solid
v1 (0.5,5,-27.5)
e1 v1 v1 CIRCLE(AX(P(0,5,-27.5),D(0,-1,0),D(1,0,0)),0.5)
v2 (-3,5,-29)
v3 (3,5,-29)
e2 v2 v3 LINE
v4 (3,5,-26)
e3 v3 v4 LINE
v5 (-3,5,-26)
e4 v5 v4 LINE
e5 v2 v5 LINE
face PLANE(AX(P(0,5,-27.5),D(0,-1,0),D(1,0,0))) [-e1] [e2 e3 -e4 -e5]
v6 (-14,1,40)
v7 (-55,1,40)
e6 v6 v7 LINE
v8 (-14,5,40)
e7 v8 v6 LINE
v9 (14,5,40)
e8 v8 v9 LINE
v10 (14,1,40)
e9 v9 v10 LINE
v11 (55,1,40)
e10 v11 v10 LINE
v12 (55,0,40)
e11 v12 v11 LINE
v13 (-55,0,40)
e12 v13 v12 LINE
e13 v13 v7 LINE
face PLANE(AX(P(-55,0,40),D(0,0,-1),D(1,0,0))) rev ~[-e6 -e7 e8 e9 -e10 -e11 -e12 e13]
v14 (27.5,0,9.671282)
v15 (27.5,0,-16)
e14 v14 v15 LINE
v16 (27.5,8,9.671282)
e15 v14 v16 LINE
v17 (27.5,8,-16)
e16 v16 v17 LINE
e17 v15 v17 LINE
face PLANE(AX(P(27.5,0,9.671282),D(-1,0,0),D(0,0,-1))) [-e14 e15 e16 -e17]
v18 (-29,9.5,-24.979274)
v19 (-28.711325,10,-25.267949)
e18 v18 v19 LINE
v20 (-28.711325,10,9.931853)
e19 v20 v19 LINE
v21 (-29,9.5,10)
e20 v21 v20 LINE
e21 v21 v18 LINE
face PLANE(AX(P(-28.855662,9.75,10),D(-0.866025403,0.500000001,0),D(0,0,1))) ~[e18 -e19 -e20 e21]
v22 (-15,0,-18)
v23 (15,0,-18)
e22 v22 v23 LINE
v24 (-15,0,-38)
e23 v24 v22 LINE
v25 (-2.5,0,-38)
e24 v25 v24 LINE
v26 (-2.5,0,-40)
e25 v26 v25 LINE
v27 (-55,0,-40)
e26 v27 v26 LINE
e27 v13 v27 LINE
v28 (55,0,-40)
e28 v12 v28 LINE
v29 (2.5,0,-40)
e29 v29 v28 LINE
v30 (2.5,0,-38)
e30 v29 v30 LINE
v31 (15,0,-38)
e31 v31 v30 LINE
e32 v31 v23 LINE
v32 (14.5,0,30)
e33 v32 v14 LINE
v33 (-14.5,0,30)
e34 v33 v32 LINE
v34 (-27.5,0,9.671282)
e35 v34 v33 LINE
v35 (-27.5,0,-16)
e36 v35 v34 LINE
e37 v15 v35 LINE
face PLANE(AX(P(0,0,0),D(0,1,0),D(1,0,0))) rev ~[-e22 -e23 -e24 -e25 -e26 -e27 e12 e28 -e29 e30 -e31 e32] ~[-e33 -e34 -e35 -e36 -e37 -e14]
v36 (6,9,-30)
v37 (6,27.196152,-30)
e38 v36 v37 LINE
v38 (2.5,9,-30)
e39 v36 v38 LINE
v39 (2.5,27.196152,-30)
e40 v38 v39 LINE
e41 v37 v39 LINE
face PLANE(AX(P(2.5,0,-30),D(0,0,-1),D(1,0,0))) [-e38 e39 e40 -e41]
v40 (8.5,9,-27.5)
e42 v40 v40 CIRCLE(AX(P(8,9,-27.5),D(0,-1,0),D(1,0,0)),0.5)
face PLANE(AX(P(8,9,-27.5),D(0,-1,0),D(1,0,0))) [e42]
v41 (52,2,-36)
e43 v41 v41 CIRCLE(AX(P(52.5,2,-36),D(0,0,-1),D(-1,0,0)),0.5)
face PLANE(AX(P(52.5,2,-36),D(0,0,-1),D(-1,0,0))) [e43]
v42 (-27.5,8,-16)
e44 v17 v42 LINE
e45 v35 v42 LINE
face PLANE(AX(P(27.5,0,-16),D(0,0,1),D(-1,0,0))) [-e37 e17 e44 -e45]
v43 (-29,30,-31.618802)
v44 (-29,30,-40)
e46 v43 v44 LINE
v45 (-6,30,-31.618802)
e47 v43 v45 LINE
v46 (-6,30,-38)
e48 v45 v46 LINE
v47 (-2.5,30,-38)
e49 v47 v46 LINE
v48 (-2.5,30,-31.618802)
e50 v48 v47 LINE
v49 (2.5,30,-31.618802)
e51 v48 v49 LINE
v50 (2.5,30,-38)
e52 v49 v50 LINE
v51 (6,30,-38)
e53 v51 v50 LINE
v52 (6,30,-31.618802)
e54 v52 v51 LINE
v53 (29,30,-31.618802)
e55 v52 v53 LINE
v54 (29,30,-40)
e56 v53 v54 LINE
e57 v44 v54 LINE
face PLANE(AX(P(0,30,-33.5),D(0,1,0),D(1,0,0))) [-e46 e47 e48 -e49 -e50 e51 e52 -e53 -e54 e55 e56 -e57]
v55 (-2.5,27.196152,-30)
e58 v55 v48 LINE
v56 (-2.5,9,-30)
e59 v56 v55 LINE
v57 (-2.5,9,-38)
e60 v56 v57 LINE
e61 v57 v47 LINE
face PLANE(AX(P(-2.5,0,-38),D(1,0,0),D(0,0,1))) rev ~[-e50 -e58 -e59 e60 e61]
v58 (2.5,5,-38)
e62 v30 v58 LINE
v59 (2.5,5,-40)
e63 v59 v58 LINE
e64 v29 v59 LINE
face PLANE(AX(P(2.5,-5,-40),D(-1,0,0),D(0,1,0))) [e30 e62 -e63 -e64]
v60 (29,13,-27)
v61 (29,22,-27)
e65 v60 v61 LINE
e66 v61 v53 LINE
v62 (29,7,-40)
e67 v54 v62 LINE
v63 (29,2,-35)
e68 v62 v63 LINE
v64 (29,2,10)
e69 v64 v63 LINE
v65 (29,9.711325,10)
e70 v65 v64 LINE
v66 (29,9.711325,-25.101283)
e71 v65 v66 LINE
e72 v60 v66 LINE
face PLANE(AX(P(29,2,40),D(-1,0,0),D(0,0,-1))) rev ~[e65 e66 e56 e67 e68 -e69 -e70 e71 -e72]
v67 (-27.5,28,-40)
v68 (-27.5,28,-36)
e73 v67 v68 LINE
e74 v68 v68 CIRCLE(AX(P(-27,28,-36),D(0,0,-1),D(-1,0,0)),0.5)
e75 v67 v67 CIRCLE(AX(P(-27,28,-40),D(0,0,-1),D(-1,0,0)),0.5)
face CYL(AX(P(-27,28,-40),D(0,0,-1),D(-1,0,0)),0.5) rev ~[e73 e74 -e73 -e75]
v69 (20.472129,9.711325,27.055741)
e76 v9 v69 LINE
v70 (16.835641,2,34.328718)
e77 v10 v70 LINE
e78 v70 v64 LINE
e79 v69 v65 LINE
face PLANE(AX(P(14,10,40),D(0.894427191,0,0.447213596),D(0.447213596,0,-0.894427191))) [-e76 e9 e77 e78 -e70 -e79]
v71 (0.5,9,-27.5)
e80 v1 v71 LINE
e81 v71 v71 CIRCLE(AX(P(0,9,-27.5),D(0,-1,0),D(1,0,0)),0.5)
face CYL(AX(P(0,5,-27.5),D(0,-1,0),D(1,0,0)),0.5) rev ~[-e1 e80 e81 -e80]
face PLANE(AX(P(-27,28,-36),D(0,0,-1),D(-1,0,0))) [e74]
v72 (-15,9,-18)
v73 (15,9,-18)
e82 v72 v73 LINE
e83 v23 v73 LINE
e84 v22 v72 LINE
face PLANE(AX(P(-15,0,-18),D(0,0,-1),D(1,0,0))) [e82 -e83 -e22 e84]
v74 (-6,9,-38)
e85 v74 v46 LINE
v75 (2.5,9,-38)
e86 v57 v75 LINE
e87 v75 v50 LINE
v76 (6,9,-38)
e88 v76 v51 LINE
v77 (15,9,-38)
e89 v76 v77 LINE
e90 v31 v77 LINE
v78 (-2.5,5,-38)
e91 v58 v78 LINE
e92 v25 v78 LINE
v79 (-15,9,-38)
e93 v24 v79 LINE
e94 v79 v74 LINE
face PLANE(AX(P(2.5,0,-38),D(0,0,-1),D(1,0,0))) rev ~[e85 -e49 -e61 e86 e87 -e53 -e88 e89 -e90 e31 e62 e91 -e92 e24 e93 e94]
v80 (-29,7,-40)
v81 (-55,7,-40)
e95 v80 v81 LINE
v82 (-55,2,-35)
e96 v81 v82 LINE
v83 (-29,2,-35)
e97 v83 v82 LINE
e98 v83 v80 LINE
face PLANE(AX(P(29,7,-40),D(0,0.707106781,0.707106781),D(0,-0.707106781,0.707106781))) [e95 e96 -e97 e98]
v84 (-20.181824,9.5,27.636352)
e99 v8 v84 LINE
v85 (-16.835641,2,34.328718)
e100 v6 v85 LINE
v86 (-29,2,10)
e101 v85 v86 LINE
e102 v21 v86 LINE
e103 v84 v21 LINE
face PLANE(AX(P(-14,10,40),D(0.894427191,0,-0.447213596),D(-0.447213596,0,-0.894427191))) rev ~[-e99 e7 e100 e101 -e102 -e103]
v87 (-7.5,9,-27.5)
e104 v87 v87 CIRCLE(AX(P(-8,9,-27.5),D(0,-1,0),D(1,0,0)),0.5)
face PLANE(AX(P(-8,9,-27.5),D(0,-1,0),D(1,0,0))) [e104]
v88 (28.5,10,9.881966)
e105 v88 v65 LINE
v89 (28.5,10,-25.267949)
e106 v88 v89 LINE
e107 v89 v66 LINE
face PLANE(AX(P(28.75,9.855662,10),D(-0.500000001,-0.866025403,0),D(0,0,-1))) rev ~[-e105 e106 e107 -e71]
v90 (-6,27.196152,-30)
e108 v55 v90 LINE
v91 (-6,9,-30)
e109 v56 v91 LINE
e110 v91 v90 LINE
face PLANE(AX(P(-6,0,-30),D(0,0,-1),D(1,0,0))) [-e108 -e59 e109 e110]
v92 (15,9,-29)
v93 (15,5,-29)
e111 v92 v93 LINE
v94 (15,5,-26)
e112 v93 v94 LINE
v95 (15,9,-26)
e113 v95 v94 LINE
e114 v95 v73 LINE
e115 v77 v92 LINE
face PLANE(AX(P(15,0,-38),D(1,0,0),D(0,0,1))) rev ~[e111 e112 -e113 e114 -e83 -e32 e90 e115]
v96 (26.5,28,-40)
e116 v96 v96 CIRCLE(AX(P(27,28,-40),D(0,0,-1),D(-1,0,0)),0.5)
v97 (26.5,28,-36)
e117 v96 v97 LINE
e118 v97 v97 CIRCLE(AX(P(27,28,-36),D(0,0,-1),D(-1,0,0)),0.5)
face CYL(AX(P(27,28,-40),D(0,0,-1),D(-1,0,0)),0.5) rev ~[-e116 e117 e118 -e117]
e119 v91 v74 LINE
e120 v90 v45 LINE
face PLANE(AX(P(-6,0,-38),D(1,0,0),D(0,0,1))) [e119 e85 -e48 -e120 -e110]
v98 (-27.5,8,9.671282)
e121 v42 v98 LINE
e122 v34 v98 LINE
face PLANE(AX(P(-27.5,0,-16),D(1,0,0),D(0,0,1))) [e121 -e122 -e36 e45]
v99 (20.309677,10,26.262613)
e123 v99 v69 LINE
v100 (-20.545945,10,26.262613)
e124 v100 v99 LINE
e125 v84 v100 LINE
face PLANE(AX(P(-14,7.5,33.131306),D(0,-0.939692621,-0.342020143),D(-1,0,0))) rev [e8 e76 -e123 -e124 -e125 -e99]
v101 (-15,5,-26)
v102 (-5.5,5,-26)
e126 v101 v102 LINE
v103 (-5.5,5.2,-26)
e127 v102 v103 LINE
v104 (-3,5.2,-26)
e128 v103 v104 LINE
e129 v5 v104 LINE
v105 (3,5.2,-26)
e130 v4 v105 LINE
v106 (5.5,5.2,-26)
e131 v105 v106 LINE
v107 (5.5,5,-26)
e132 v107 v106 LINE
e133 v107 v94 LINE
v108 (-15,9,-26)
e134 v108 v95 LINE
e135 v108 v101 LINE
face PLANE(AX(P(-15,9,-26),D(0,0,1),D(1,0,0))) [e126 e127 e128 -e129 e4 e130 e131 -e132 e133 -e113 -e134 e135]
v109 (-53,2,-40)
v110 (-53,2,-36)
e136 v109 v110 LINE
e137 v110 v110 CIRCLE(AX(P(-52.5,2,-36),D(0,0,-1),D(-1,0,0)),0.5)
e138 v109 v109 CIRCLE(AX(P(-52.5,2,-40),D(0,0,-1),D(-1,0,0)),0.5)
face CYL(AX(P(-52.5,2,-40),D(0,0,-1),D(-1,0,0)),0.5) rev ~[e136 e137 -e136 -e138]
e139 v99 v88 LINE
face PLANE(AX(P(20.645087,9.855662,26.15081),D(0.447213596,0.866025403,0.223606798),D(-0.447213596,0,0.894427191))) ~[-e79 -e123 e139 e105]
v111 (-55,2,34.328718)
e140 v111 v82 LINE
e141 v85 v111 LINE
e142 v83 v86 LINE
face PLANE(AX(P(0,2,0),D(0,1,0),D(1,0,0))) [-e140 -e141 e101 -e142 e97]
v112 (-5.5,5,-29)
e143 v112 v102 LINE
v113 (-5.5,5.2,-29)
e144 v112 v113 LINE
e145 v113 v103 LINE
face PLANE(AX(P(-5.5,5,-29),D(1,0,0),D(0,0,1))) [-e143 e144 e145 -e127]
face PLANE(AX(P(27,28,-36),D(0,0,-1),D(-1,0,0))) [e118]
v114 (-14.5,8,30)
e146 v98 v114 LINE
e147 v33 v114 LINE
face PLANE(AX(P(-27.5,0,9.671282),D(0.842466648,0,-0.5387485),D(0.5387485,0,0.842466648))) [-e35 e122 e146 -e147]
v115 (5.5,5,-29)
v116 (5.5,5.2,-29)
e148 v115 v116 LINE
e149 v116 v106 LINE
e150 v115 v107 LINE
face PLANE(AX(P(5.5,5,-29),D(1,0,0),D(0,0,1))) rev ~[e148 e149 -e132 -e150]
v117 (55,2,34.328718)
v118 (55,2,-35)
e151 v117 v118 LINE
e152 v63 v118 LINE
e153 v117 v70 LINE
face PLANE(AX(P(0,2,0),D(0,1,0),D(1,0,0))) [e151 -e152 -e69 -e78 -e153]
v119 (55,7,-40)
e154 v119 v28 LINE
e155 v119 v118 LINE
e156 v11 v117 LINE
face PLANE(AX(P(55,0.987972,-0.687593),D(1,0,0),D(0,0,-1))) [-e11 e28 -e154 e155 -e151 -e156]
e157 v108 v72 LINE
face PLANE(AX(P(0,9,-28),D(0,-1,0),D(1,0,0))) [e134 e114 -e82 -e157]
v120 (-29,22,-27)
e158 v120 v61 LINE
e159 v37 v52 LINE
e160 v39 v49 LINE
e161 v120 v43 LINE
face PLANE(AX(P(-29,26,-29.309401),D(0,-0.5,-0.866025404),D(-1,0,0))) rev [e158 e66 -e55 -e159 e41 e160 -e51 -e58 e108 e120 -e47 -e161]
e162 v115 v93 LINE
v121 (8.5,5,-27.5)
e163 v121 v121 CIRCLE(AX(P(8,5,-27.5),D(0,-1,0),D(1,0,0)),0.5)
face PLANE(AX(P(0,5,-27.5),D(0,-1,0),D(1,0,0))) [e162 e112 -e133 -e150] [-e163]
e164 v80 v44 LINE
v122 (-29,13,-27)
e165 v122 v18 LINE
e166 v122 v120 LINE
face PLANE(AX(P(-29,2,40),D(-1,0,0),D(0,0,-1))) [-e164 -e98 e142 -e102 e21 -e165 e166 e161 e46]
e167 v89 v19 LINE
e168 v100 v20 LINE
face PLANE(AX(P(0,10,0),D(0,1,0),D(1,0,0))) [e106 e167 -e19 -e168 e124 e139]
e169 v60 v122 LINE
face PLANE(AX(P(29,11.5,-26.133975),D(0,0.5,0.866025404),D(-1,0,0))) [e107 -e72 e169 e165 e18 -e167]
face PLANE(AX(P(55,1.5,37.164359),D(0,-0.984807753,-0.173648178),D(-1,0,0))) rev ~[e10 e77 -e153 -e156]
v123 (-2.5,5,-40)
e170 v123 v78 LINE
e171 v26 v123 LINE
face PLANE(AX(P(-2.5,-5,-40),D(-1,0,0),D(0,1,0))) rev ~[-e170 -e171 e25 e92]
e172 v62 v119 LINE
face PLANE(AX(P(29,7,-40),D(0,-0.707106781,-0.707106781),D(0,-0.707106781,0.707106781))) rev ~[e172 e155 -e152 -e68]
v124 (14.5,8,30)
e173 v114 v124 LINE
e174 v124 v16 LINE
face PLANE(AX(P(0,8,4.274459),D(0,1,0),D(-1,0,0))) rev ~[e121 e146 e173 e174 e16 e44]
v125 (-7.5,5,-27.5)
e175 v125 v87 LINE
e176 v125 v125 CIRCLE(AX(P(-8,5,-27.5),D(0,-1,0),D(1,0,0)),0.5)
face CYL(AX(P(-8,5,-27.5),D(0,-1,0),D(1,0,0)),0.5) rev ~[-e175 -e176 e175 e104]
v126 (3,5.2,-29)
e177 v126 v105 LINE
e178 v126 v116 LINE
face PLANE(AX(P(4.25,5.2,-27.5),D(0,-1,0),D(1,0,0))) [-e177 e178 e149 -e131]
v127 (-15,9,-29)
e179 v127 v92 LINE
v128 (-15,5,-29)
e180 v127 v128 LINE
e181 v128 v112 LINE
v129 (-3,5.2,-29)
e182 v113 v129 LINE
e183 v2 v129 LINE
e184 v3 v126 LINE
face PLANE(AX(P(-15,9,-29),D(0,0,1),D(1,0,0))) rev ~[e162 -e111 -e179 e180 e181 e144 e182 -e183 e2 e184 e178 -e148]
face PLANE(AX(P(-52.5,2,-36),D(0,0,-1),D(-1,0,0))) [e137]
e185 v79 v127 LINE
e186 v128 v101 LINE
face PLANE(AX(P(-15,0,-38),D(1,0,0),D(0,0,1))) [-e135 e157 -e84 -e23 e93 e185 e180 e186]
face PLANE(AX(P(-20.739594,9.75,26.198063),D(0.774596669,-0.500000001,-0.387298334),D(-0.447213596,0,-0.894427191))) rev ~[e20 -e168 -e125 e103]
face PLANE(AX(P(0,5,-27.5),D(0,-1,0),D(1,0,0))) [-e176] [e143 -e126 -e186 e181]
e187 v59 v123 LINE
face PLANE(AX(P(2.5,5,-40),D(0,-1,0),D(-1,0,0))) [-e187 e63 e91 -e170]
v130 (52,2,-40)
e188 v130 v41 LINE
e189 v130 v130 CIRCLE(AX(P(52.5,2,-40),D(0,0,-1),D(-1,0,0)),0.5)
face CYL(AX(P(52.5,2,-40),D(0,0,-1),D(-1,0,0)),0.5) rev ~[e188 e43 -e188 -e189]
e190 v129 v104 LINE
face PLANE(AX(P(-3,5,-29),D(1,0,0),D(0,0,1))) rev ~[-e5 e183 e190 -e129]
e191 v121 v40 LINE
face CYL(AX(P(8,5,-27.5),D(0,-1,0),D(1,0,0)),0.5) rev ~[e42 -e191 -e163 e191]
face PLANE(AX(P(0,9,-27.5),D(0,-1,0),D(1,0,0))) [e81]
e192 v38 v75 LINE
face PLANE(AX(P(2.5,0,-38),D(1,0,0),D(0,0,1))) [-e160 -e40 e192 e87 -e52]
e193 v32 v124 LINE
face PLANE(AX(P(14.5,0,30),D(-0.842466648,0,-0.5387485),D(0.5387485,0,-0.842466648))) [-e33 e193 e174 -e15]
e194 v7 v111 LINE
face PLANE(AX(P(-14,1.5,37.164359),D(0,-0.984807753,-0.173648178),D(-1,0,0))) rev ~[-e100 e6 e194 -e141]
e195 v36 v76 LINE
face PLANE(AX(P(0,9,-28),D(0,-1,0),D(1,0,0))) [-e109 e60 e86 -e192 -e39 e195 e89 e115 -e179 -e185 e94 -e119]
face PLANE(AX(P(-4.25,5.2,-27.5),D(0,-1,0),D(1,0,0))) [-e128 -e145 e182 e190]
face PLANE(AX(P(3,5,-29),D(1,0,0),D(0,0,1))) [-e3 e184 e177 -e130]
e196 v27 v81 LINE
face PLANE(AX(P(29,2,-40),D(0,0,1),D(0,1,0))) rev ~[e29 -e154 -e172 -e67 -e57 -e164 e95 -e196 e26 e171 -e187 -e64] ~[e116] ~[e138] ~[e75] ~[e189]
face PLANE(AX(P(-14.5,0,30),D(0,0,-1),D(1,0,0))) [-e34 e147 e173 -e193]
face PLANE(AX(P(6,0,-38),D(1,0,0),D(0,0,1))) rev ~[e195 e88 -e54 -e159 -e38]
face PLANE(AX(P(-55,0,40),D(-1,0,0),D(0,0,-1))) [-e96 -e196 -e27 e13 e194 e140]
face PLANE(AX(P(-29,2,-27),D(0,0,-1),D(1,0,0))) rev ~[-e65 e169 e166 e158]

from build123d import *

# Parameters (mm, degrees)
SKETCH_1_W                  = 110
SKETCH_1_H                  = 80
EXTRUDE_1_DEPTH             = 2
SKETCH_2_W                  = 58
SKETCH_2_H                  = 80
EXTRUDE_2_DEPTH             = 8
CUT_EXTRUDE_1_DEPTH         = 8
SKETCH_4_W                  = 58
SKETCH_4_H                  = 13
EXTRUDE_3_DEPTH             = 28
CHAMFER_1_SIZE              = 8
CHAMFER_1_SIZE2             = 4.618802154
CHAMFER_2_SIZE              = 5
CHAMFER_2_SIZE2             = 13.737387097
CHAMFER_3_SIZE              = 1
CHAMFER_3_SIZE2             = 5.67128182
EXTRUDE_5_REACH             = 28
EXTRUDE_5_DIRECTION_2_REACH = 86
SKETCH_5_W                  = 3.5
SKETCH_5_H                  = 8
CUT_EXTRUDE_2_DEPTH         = 31
SKETCH_6_W                  = 30
SKETCH_6_H                  = 20
CUT_EXTRUDE_3_DEPTH         = 9
SKETCH_7_W                  = 30
SKETCH_7_H                  = 3
EXTRUDE_4_DEPTH             = 4
SKETCH_8_W                  = 2.5
SKETCH_8_H                  = 3
CUT_EXTRUDE_4_DEPTH         = 0.2
SKETCH_10_R                 = 0.5
CUT_EXTRUDE_5_DEPTH         = 4
SKETCH_11_R                 = 0.5
CUT_EXTRUDE_6_DEPTH         = 4
CHAMFER_4_SIZE              = 3
CHAMFER_4_SIZE2             = 1.732050808
CHAMFER_5_SIZE              = 0.5
CHAMFER_5_SIZE2             = 0.288675135
CHAMFER_5_PART_2_SIZE       = 0.5
CHAMFER_5_PART_2_SIZE2      = 0.288675135
CHAMFER_5_PART_3_SIZE       = 0.5
CHAMFER_5_PART_3_SIZE2      = 0.288675135
CUT_EXTRUDE_7_DEPTH         = 8
SKETCH_14_W                 = 5
SKETCH_14_H                 = 10
CUT_EXTRUDE_8_DEPTH         = 3


with BuildPart() as part:
    # 草图1 → 凸台-拉伸1 (new body)
    with BuildSketch(Plane(origin=(0, 0, 0), x_dir=(1, 0, 0), z_dir=(0, 1, 0))):
        Rectangle(SKETCH_1_W, SKETCH_1_H)
    extrude(amount=EXTRUDE_1_DEPTH)

    # 草图2 → 凸台-拉伸2 (add)
    with BuildSketch(Plane(origin=(0, 2, 0), x_dir=(1, 0, 0), z_dir=(0, 1, 0))):
        Rectangle(SKETCH_2_W, SKETCH_2_H)
    extrude(amount=EXTRUDE_2_DEPTH)

    # 草图3 → 切除-拉伸1 (cut)
    with BuildSketch(Plane(origin=(0, 10, 0), x_dir=(1, 0, 0), z_dir=(0, 1, 0))):
        Polygon((-14, -40), (-29, -10), (-29, -40), align=None)
        Polygon((29, -40), (14, -40), (29, -10), align=None)
    extrude(amount=-CUT_EXTRUDE_1_DEPTH, mode=Mode.SUBTRACT)

    # 草图4 → 凸台-拉伸3 (add)
    with BuildSketch(Plane(origin=(0, 2, 0), x_dir=(1, 0, 0), z_dir=(0, 1, 0))):
        with Locations((0, 33.5)):
            Rectangle(SKETCH_4_W, SKETCH_4_H)
    extrude(amount=EXTRUDE_3_DEPTH)

    # 倒角1
    chamfer_1_edges = [part.edges().sort_by_distance(p)[0] for p in [
        (0, 30, -27),
    ]]
    chamfer_1_side = [part.faces().sort_by_distance(p)[0] for p in [
        (0, 20, -27),
    ]]
    chamfer(chamfer_1_edges, length=CHAMFER_1_SIZE, length2=CHAMFER_1_SIZE2, reference=chamfer_1_side[0])

    # 倒角2
    chamfer_2_edges = [part.edges().sort_by_distance(p)[0] for p in [
        (0, 10, 40),
    ]]
    chamfer_2_side = [part.faces().sort_by_distance(p)[0] for p in [
        (0, 3.522522523, 40),
    ]]
    chamfer(chamfer_2_edges, length=CHAMFER_2_SIZE, length2=CHAMFER_2_SIZE2, reference=chamfer_2_side[0])

    # 倒角3
    chamfer_3_edges = [part.edges().sort_by_distance(p)[0] for p in [
        (34.5, 2, 40),
        (-34.5, 2, 40),
    ]]
    chamfer_3_side = [part.faces().sort_by_distance(p)[0] for p in [
        (0, 1.690789474, 40),
    ]]
    chamfer(chamfer_3_edges, length=CHAMFER_3_SIZE, length2=CHAMFER_3_SIZE2, reference=chamfer_3_side[0])

    # 凸台-拉伸5: up to this face of the body (flat: up to its plane)
    extrude_5_end = Plane(part.part.faces().sort_by_distance((55, 0.987971654, -0.687592684))[0])
    # 草图12 → 凸台-拉伸5 (add, up to the picked face)
    with BuildSketch(Plane(origin=(29, 0, 0), x_dir=(0, 0, -1), z_dir=(1, 0, 0)), mode=Mode.PRIVATE) as extrude_5_sk1:
        Polygon((40, 2), (40, 7), (35, 2), align=None)
    extrude_5_tool1 = split(extrude(extrude_5_sk1.sketch, amount=EXTRUDE_5_REACH, mode=Mode.PRIVATE), bisect_by=extrude_5_end, keep=Keep.BOTH, mode=Mode.PRIVATE)
    add(extrude_5_tool1.solids().sort_by_distance((29, 3.666667, -38.333333))[0])

    # 凸台-拉伸5 direction 2: up to this face of the body (flat: up to its plane)
    extrude_5_direction_2_end = Plane(part.part.faces().sort_by_distance((-55, 0.987971654, -0.687592684))[0])
    # 草图12 → 凸台-拉伸5 direction 2 (add, up to the picked face)
    with BuildSketch(Plane(origin=(29, 0, 0), x_dir=(0, 0, -1), z_dir=(1, 0, 0)), mode=Mode.PRIVATE) as extrude_5_direction_2_sk1:
        Polygon((40, 2), (40, 7), (35, 2), align=None)
    extrude_5_direction_2_tool1 = split(extrude(extrude_5_direction_2_sk1.sketch, amount=-EXTRUDE_5_DIRECTION_2_REACH, mode=Mode.PRIVATE), bisect_by=extrude_5_direction_2_end, keep=Keep.BOTH, mode=Mode.PRIVATE)
    add(extrude_5_direction_2_tool1.solids().sort_by_distance((29, 3.666667, -38.333333))[0])

    # 草图5 → 切除-拉伸2 (cut, through all)
    with BuildSketch(Plane.XZ):
        with Locations((-4.25, -34)):
            Rectangle(SKETCH_5_W, SKETCH_5_H)
        with Locations((4.25, -34)):
            Rectangle(SKETCH_5_W, SKETCH_5_H)
    extrude(amount=-CUT_EXTRUDE_2_DEPTH, mode=Mode.SUBTRACT)

    # 草图6 → 切除-拉伸3 (cut)
    with BuildSketch(Plane.XZ):
        with Locations((0, -28)):
            Rectangle(SKETCH_6_W, SKETCH_6_H)
    extrude(amount=-CUT_EXTRUDE_3_DEPTH, mode=Mode.SUBTRACT)

    # 草图7 → 凸台-拉伸4 (add)
    with BuildSketch(Plane.XZ.offset(-9)):
        with Locations((0, -27.5)):
            Rectangle(SKETCH_7_W, SKETCH_7_H)
    extrude(amount=EXTRUDE_4_DEPTH)

    # 草图8 → 切除-拉伸4 (cut)
    with BuildSketch(Plane.XZ.offset(-5)):
        with Locations((-4.25, -27.5)):
            Rectangle(SKETCH_8_W, SKETCH_8_H)
        with Locations((4.25, -27.5)):
            Rectangle(SKETCH_8_W, SKETCH_8_H)
    extrude(amount=-CUT_EXTRUDE_4_DEPTH, mode=Mode.SUBTRACT)

    # 草图10 → 切除-拉伸5 (cut)
    with BuildSketch(Plane.XZ.offset(-5)):
        with Locations((-8, -27.5)):
            Circle(SKETCH_10_R)
        with Locations((8, -27.5)):
            Circle(SKETCH_10_R)
        with Locations((0, -27.5)):
            Circle(SKETCH_10_R)
    extrude(amount=-CUT_EXTRUDE_5_DEPTH, mode=Mode.SUBTRACT)

    # 草图11 → 切除-拉伸6 (cut)
    with BuildSketch(Plane(origin=(0, 0, -40), x_dir=(-1, 0, 0), z_dir=(0, 0, -1))):
        with Locations((-52.5, 2)):
            Circle(SKETCH_11_R)
        with Locations((52.5, 2)):
            Circle(SKETCH_11_R)
        with Locations((-27, 28)):
            Circle(SKETCH_11_R)
        with Locations((27, 28)):
            Circle(SKETCH_11_R)
    extrude(amount=-CUT_EXTRUDE_6_DEPTH, mode=Mode.SUBTRACT)

    # 倒角4
    chamfer_4_edges = [part.edges().sort_by_distance(p)[0] for p in [
        (0, 10, -27),
    ]]
    chamfer_4_side = [part.faces().sort_by_distance(p)[0] for p in [
        (0, 16, -27),
    ]]
    chamfer(chamfer_4_edges, length=CHAMFER_4_SIZE, length2=CHAMFER_4_SIZE2, reference=chamfer_4_side[0])

    # 倒角5
    chamfer_5_edges = [part.edges().sort_by_distance(p)[0] for p in [
        (29, 10, -7.633974596),
        (24.934346774, 10, 18.131306451),
    ]]
    chamfer_5_side = [part.faces().sort_by_distance(p)[0] for p in [
        (0, 10, -0.444462332),
    ]]
    chamfer(chamfer_5_edges, length=CHAMFER_5_SIZE, length2=CHAMFER_5_SIZE2, reference=chamfer_5_side[0])

    # 倒角5 part 2
    chamfer_5_part_2_edges = [part.edges().sort_by_distance(p)[0] for p in [
        (-29, 10, -7.633974596),
    ]]
    chamfer_5_part_2_side = [part.faces().sort_by_distance(p)[0] for p in [
        (-29, 17.5, -27.573061951),
    ]]
    chamfer(chamfer_5_part_2_edges, length=CHAMFER_5_PART_2_SIZE, length2=CHAMFER_5_PART_2_SIZE2, reference=chamfer_5_part_2_side[0])

    # 倒角5 part 3
    chamfer_5_part_3_edges = [part.edges().sort_by_distance(p)[0] for p in [
        (-24.934346774, 10, 18.131306451),
    ]]
    chamfer_5_part_3_side = [part.faces().sort_by_distance(p)[0] for p in [
        (-22.269129124, 5.556709809, 23.461741751),
    ]]
    chamfer(chamfer_5_part_3_edges, length=CHAMFER_5_PART_3_SIZE, length2=CHAMFER_5_PART_3_SIZE2, reference=chamfer_5_part_3_side[0])

    # 草图13 → 切除-拉伸7 (cut)
    with BuildSketch(Plane.XZ):
        Polygon((27.5, -16), (-27.5, -16), (-27.5, 9.67128182), (-14.5, 30), (14.5, 30), (27.5, 9.67128182), align=None)
    extrude(amount=-CUT_EXTRUDE_7_DEPTH, mode=Mode.SUBTRACT)

    # 草图14 → 切除-拉伸8 (cut)
    with BuildSketch(Plane(origin=(0, 0, -40), x_dir=(-1, 0, 0), z_dir=(0, 0, -1))):
        Rectangle(SKETCH_14_W, SKETCH_14_H)
    extrude(amount=-CUT_EXTRUDE_8_DEPTH, mode=Mode.SUBTRACT)


solid = part.part
